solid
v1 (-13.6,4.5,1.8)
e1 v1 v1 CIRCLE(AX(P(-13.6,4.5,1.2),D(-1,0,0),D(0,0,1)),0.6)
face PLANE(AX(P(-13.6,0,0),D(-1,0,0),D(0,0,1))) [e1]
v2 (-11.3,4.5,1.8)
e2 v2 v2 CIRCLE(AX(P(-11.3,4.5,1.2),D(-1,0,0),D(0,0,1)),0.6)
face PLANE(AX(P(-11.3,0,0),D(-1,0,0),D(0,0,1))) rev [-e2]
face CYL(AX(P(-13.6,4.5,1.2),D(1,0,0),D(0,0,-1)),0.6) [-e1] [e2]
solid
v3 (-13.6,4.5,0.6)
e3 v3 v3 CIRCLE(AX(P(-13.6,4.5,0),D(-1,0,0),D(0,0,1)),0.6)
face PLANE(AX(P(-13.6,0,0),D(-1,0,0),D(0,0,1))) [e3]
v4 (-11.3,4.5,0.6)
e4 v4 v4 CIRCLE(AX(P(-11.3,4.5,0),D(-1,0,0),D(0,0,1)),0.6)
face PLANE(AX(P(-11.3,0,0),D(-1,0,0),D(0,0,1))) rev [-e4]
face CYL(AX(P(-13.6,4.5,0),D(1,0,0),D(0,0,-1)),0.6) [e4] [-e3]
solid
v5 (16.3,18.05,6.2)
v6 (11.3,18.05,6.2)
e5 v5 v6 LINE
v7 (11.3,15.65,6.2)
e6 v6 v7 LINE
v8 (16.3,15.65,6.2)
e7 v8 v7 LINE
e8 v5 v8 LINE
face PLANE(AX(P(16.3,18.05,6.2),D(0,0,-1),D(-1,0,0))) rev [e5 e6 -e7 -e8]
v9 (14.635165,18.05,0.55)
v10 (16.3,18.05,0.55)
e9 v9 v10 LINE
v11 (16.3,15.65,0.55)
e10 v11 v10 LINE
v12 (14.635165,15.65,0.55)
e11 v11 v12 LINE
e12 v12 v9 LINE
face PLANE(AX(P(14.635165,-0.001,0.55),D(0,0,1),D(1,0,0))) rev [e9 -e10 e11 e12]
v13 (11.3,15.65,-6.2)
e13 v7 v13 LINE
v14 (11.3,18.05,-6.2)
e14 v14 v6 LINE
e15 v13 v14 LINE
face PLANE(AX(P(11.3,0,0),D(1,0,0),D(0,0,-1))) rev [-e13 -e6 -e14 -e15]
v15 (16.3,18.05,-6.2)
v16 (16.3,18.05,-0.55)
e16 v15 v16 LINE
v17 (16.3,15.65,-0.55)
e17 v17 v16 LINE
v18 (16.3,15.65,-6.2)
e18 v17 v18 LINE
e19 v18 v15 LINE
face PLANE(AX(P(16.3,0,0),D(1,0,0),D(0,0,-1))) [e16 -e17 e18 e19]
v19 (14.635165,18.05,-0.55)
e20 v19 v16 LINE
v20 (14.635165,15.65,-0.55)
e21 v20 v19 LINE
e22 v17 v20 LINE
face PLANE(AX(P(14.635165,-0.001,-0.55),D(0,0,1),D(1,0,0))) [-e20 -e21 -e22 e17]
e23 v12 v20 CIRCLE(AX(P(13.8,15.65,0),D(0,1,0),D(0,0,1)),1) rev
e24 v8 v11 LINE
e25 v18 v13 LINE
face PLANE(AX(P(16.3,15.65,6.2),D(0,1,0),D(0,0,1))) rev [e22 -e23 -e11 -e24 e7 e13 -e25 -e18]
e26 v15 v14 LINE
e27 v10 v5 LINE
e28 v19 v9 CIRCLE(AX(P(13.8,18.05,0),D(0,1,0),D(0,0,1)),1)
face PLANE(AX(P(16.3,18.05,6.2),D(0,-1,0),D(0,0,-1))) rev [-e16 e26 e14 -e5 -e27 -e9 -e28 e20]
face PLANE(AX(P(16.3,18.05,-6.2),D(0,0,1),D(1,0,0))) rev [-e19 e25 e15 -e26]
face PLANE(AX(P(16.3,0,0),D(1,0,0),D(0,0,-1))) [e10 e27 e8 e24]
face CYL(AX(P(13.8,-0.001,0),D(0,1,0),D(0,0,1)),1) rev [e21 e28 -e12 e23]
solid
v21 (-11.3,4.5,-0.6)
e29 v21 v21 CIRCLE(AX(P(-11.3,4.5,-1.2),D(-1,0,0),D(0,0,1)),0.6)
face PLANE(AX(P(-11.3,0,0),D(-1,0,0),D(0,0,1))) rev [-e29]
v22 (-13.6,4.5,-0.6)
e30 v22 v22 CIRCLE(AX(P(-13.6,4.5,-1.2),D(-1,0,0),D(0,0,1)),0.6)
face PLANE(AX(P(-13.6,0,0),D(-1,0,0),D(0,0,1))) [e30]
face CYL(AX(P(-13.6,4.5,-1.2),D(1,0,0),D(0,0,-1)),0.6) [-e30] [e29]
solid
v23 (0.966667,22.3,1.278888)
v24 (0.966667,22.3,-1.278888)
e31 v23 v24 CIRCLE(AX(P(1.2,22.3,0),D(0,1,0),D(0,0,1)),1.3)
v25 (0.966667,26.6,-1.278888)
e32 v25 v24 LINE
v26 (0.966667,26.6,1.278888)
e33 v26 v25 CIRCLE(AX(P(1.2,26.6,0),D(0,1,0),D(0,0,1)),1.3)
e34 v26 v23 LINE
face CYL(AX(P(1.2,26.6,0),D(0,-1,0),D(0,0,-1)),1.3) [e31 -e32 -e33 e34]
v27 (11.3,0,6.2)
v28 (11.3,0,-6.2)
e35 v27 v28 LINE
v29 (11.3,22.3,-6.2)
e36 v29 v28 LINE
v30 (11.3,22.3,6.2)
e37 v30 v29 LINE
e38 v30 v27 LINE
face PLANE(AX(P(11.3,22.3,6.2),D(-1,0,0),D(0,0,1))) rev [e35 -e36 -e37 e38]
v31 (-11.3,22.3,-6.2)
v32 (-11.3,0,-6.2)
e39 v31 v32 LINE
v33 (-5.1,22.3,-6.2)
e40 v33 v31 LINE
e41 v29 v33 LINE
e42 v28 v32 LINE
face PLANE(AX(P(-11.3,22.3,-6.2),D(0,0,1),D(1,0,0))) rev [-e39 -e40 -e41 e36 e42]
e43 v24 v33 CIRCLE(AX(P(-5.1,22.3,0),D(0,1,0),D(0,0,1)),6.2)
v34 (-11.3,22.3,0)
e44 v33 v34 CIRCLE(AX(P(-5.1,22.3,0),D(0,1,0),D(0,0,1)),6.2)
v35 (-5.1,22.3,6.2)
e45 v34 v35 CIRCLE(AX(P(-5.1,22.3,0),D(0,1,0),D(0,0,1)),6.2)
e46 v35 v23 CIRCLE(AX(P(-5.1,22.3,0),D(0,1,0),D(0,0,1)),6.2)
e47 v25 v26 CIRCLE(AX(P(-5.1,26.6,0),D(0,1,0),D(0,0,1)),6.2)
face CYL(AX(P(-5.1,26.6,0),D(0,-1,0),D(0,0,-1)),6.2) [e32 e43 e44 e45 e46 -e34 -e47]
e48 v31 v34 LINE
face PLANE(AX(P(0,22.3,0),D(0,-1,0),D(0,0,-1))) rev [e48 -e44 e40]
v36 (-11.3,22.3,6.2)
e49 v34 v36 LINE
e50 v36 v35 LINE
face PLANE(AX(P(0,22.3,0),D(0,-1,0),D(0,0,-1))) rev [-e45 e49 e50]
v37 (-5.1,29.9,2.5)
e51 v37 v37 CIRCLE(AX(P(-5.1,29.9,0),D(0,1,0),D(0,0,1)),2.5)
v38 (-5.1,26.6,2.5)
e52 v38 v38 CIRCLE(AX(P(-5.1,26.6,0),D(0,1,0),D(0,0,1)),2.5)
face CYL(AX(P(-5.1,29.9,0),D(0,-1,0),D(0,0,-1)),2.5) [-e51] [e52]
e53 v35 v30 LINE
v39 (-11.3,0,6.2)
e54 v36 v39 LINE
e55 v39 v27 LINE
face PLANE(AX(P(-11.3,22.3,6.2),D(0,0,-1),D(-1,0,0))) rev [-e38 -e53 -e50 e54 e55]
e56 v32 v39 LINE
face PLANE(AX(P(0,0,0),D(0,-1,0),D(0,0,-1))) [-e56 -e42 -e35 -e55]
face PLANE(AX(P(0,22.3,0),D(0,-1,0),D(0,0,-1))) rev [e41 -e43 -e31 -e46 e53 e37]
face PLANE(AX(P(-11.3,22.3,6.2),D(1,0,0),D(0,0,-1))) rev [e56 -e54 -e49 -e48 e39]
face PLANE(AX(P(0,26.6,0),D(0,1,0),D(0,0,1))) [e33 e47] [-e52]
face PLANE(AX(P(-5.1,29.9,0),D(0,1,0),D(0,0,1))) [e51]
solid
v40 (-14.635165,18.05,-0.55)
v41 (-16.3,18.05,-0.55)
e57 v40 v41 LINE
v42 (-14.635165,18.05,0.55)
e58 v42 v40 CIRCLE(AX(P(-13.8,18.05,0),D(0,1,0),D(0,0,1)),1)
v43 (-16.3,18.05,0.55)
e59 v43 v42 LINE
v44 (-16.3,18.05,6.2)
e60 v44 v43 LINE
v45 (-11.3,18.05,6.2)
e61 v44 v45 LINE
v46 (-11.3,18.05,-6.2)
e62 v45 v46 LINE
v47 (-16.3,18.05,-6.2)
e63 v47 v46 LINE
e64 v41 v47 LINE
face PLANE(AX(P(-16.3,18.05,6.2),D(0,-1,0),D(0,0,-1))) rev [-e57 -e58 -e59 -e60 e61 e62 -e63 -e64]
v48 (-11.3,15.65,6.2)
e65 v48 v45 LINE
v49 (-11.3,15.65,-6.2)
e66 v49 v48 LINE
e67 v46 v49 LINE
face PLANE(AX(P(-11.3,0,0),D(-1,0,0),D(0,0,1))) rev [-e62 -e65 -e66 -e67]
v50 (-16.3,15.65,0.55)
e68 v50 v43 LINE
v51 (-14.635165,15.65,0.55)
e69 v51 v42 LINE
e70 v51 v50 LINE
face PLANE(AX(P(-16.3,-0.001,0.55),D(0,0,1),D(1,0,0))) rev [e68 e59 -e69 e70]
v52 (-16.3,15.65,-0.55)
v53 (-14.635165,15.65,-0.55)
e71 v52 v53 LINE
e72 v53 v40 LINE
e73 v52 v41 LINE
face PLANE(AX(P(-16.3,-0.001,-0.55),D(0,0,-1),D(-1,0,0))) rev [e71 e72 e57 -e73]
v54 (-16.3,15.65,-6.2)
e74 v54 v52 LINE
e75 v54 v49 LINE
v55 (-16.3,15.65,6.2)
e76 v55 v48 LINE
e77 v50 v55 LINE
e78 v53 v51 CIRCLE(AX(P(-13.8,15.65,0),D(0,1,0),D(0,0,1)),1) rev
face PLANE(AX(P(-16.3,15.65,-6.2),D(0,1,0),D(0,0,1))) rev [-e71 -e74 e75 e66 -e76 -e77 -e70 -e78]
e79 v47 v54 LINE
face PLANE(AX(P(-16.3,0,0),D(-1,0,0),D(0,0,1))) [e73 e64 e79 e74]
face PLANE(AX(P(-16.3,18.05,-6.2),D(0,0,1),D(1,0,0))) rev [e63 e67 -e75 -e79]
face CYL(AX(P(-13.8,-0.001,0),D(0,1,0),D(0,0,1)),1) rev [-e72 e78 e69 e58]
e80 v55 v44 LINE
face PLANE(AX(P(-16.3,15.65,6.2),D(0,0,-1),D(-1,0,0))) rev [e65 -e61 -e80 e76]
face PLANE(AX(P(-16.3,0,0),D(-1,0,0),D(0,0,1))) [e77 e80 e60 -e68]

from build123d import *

# Parameters (mm, degrees)
SKETCH1_W             = 22.6
SKETCH1_H             = 12.4
BOSS_EXTRUDE1_DEPTH   = 22.3
SKETCH2_W             = 12.4
SKETCH2_H             = 2.4
BOSS_EXTRUDE2_DEPTH   = 5
SKETCH3_W             = 12.4
SKETCH3_H             = 2.4
BOSS_EXTRUDE3_DEPTH   = 5
CUT_EXTRUDE1_DEPTH    = 2.4
CUT_EXTRUDE2_DEPTH    = 2.4
BOSS_EXTRUDE4_DEPTH   = 4.3
SKETCH7_R             = 2.5
BOSS_EXTRUDE5_DEPTH   = 3.3
SKETCH8_R             = 0.6
BOSS_EXTRUDE7_DEPTH   = 2.3
BOSS_EXTRUDE7_2_DEPTH = 2.3
BOSS_EXTRUDE7_3_DEPTH = 2.3


with BuildPart() as part:
    # Sketch1 → Boss-Extrude1 (new body)
    with BuildSketch(Plane(origin=(0, 0, 0), x_dir=(1, 0, 0), z_dir=(0, 1, 0))):
        Rectangle(SKETCH1_W, SKETCH1_H)
    extrude(amount=BOSS_EXTRUDE1_DEPTH)

    # Sketch6 → Boss-Extrude4 (add)
    with BuildSketch(Plane(origin=(0, 22.3, 0), x_dir=(1, 0, 0), z_dir=(0, 1, 0))):
        with BuildLine():
            ThreePointArc((0.966666667, -1.278888406), (2.5, 0), (0.966666667, 1.278888406))
            ThreePointArc((0.966666667, 1.278888406), (-11.3, 0), (0.966666667, -1.278888406))
        make_face()
    extrude(amount=BOSS_EXTRUDE4_DEPTH)

    # Sketch7 → Boss-Extrude5 (add)
    with BuildSketch(Plane(origin=(0, 26.6, 0), x_dir=(1, 0, 0), z_dir=(0, 1, 0))):
        with Locations((-5.1, 0)):
            Circle(SKETCH7_R)
    extrude(amount=BOSS_EXTRUDE5_DEPTH)


with BuildPart() as body_2:
    # Sketch2 → Boss-Extrude2 (new body)
    with BuildSketch(Plane(origin=(11.3, 0, 0), x_dir=(0, 0, -1), z_dir=(1, 0, 0))):
        with Locations((0, 16.85)):
            Rectangle(SKETCH2_W, SKETCH2_H)
    extrude(amount=BOSS_EXTRUDE2_DEPTH)

    # Sketch5 → Cut-Extrude2 (cut)
    with BuildSketch(Plane(origin=(0, 18.05, 0), x_dir=(1, 0, 0), z_dir=(0, 1, 0))):
        with BuildLine():
            Line((14.635164654, 0.55), (16.3, 0.55))
            Line((16.3, 0.55), (16.3, -0.55))
            Line((16.3, -0.55), (14.635164654, -0.55))
            ThreePointArc((14.635164654, -0.55), (12.8, 0), (14.635164654, 0.55))
        make_face()
    extrude(amount=-CUT_EXTRUDE2_DEPTH, mode=Mode.SUBTRACT)


with BuildPart() as body_3:
    # Sketch3 → Boss-Extrude3 (new body)
    with BuildSketch(Plane.ZY.offset(11.3)):
        with Locations((0, 16.85)):
            Rectangle(SKETCH3_W, SKETCH3_H)
    extrude(amount=BOSS_EXTRUDE3_DEPTH)

    # Sketch4 → Cut-Extrude1 (cut)
    with BuildSketch(Plane(origin=(0, 18.05, 0), x_dir=(1, 0, 0), z_dir=(0, 1, 0))):
        with BuildLine():
            Line((-16.3, 0.55), (-14.635164654, 0.55))
            ThreePointArc((-14.635164654, 0.55), (-12.8, 0), (-14.635164654, -0.55))
            Line((-14.635164654, -0.55), (-16.3, -0.55))
            Line((-16.3, -0.55), (-16.3, 0.55))
        make_face()
        with BuildLine():
            Line((16.3, -0.55), (14.635164654, -0.55))
            ThreePointArc((14.635164654, -0.55), (12.8, 0), (14.635164654, 0.55))
            Line((14.635164654, 0.55), (16.3, 0.55))
            Line((16.3, 0.55), (16.3, -0.55))
        make_face()
    extrude(amount=-CUT_EXTRUDE1_DEPTH, mode=Mode.SUBTRACT)


with BuildPart() as body_4:
    # Sketch8 → Boss-Extrude7 (new body)
    with BuildSketch(Plane.ZY.offset(11.3)):
        with Locations((0, 4.5)):
            Circle(SKETCH8_R)
    extrude(amount=BOSS_EXTRUDE7_DEPTH)


with BuildPart() as body_5:
    # Sketch8 → Boss-Extrude7 2 (new body)
    with BuildSketch(Plane.ZY.offset(11.3)):
        with Locations((-1.2, 4.5)):
            Circle(SKETCH8_R)
    extrude(amount=BOSS_EXTRUDE7_2_DEPTH)


with BuildPart() as body_6:
    # Sketch8 → Boss-Extrude7 3 (new body)
    with BuildSketch(Plane.ZY.offset(11.3)):
        with Locations((1.2, 4.5)):
            Circle(SKETCH8_R)
    extrude(amount=BOSS_EXTRUDE7_3_DEPTH)


solid = Compound([part.part, body_2.part, body_3.part, body_4.part, body_5.part, body_6.part])
